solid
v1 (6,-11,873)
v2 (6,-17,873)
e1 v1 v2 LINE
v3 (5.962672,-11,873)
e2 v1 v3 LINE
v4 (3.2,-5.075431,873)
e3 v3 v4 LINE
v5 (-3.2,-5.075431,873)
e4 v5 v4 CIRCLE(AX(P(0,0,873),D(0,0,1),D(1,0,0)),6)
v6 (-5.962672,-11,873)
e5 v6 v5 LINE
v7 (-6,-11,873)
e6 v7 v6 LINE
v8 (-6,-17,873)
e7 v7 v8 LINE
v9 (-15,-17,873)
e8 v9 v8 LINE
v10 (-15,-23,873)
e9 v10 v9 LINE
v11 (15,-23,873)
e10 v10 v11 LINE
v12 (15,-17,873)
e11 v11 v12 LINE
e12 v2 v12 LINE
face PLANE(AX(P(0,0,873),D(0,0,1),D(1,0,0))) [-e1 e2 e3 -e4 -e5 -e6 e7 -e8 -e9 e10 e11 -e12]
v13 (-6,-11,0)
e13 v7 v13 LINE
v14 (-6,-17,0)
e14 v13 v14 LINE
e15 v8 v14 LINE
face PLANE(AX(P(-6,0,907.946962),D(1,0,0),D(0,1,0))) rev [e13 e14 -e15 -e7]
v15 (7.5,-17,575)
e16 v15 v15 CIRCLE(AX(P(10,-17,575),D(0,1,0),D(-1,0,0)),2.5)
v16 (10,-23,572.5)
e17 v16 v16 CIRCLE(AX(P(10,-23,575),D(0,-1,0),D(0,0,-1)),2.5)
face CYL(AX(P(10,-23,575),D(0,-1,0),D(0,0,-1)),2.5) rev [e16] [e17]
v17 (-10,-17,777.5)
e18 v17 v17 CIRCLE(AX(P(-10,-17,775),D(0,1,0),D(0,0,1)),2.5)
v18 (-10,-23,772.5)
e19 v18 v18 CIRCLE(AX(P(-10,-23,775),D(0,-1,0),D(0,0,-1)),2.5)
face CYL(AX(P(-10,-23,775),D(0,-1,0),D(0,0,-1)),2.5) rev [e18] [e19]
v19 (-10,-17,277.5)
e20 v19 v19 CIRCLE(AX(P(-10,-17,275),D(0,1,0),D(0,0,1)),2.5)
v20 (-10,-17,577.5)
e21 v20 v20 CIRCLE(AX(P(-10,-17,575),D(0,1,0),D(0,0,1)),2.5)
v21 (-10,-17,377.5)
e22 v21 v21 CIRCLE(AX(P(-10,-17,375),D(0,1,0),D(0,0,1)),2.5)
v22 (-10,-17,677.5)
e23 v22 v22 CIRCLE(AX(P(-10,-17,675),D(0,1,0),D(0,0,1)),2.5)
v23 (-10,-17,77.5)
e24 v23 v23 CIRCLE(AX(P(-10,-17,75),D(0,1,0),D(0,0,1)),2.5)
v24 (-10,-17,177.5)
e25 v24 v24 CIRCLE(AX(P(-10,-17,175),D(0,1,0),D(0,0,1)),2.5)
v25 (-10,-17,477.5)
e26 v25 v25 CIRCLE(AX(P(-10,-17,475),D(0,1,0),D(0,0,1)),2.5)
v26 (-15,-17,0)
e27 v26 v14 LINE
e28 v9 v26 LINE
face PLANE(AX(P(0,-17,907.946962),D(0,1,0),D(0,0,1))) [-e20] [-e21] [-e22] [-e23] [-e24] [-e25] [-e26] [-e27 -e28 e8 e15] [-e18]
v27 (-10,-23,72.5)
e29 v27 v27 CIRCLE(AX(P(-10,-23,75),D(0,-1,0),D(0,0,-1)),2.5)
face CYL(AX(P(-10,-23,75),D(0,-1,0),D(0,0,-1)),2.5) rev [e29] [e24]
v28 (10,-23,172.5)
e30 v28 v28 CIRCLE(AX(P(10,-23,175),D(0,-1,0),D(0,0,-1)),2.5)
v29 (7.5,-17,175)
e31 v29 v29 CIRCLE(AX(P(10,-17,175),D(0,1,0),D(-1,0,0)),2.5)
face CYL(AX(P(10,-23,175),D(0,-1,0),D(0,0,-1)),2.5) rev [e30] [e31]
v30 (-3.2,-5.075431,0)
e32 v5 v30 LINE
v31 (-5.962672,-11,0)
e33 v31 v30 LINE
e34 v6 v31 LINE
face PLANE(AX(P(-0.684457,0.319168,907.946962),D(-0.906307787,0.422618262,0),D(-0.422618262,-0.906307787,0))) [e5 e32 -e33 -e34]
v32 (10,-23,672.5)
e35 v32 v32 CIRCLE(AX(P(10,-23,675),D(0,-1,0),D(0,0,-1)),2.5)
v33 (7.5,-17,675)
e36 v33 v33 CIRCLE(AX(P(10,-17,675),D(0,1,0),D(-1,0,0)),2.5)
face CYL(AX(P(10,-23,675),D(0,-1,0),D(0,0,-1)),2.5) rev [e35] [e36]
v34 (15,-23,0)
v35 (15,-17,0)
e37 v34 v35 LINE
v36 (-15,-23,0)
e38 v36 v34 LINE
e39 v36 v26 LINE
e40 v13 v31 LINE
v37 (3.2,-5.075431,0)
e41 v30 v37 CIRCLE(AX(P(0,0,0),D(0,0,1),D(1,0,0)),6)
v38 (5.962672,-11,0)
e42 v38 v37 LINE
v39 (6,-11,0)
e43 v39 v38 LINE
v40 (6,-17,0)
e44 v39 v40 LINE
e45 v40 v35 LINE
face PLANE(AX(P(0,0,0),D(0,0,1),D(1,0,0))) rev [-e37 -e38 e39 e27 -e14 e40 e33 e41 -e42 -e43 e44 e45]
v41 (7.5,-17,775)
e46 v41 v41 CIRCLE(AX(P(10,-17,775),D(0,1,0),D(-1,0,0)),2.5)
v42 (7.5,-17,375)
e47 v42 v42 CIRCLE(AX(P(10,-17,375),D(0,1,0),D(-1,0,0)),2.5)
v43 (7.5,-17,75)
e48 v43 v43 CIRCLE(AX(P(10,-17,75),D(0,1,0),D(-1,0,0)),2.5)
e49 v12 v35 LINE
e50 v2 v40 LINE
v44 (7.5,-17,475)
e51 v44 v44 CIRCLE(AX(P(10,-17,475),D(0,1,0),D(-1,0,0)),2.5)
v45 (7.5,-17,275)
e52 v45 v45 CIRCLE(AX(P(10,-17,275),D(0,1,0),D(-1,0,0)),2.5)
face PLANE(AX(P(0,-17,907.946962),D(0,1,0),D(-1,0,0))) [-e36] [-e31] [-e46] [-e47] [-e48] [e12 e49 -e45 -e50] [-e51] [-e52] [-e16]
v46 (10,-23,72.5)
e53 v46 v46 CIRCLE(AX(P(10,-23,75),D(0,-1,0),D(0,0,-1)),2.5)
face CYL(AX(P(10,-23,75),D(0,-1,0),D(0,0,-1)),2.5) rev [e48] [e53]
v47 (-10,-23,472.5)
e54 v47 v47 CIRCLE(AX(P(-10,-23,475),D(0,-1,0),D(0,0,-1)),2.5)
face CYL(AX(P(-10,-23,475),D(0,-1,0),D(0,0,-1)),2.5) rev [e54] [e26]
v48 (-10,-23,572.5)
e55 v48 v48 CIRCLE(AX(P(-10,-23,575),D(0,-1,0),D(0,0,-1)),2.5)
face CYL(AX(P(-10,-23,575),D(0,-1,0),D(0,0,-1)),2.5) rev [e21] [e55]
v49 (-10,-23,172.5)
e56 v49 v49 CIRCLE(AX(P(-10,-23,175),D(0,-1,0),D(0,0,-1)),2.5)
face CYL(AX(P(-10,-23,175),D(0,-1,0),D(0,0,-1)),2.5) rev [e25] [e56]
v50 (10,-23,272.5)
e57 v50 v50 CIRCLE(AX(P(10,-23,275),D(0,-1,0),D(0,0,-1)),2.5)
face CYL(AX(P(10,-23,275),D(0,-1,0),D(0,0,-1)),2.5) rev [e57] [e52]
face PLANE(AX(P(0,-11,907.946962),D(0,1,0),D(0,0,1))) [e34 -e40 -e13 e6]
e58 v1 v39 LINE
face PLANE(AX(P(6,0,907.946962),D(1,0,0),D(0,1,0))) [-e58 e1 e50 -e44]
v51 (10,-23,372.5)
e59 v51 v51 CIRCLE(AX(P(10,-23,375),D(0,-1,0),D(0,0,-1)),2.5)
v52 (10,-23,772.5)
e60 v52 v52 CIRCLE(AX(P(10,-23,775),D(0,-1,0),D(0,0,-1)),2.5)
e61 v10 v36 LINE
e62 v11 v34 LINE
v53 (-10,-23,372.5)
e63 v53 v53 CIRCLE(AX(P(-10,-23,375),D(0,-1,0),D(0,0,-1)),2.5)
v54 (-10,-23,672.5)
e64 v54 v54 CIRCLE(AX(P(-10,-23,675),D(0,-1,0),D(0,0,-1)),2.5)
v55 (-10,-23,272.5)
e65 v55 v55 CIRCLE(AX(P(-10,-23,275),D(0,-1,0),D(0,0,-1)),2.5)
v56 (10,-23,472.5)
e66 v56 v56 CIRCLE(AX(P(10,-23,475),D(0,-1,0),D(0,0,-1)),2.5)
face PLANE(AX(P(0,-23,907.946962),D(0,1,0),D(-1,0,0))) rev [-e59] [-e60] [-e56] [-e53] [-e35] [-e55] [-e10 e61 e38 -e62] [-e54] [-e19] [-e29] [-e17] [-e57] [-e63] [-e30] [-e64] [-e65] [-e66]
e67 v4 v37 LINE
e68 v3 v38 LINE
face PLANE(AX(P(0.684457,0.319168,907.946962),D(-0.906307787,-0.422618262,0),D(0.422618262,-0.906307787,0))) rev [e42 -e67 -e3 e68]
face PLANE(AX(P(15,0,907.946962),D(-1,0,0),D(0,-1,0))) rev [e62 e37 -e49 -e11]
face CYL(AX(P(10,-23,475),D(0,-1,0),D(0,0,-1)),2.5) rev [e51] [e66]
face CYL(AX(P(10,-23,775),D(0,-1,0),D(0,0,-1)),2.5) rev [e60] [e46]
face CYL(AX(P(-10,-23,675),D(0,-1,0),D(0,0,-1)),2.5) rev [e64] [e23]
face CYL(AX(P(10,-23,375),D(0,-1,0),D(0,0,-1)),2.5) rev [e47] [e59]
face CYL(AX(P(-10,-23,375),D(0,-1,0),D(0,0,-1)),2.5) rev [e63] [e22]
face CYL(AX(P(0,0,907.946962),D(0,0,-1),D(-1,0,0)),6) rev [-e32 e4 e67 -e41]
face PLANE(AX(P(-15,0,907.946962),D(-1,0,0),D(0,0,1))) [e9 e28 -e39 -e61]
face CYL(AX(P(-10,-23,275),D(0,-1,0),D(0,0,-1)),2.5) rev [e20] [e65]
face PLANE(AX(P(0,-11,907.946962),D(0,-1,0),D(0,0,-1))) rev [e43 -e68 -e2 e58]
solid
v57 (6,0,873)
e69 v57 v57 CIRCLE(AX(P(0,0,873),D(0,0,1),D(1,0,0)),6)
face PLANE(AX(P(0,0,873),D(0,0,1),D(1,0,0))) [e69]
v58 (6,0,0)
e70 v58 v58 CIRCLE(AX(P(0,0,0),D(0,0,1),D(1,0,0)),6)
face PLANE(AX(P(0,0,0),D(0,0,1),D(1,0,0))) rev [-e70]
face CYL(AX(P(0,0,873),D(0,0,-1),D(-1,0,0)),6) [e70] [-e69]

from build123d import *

# Parameters (mm, degrees)
SBS_PROFILE_R             = 6
STEELRAIL_DEPTH           = 873
ALUMINUMSUPPORT_DEPTH     = 873
HOLEDIA_W                 = 2.5
HOLEDIA_H                 = 6.001
MOUNTHOLES_AT_2_COUNT     = 2
MOUNTHOLES_AT_2_PITCH     = 20
LPATTERN1_COUNT           = 8
LPATTERN1_PITCH           = 100
LPATTERN1_COPY_1_SKETCH_W = 2.5
LPATTERN1_COPY_1_SKETCH_H = 6.001
LPATTERN1_COPY_2_SKETCH_W = 2.5
LPATTERN1_COPY_2_SKETCH_H = 6.001
LPATTERN1_COPY_3_SKETCH_W = 2.5
LPATTERN1_COPY_3_SKETCH_H = 6.001
LPATTERN1_COPY_4_SKETCH_W = 2.5
LPATTERN1_COPY_4_SKETCH_H = 6.001
LPATTERN1_COPY_5_SKETCH_W = 2.5
LPATTERN1_COPY_5_SKETCH_H = 6.001
LPATTERN1_COPY_6_SKETCH_W = 2.5
LPATTERN1_COPY_6_SKETCH_H = 6.001
LPATTERN1_COPY_7_SKETCH_W = 2.5
LPATTERN1_COPY_7_SKETCH_H = 6.001


with BuildPart() as part:
    # SBS-Profile → SteelRail (new body)
    with BuildSketch(Plane.XY):
        Circle(SBS_PROFILE_R)
    extrude(amount=STEELRAIL_DEPTH)


with BuildPart() as body_2:
    # SBS-Profile<3> → AluminumSupport (new body)
    with BuildSketch(Plane.XY):
        with BuildLine():
            Line((-15, -17), (-15, -23))
            Line((-15, -23), (15, -23))
            Line((15, -23), (15, -17))
            Line((15, -17), (6, -17))
            Line((6, -17), (6, -11))
            Line((6, -11), (5.962671888, -11))
            Line((5.962671888, -11), (3.2, -5.075431016))
            ThreePointArc((3.2, -5.075431016), (0, -6), (-3.2, -5.075431016))
            Line((-3.2, -5.075431016), (-5.962671888, -11))
            Line((-5.962671888, -11), (-6, -11))
            Line((-6, -11), (-6, -17))
            Line((-6, -17), (-15, -17))
        make_face()
    extrude(amount=ALUMINUMSUPPORT_DEPTH)

    # HoleDia → MountHoles (revolve, cut)
    with BuildSketch(Plane(origin=(10, -23, 75), x_dir=(0, 0, -1), z_dir=(1, 0, 0))):
        with Locations((1.25, 3.0005)):
            Rectangle(HOLEDIA_W, HOLEDIA_H)
    mountholes = revolve(axis=Axis((10, -29.35, 75), (0, 1, 0)), mode=Mode.SUBTRACT)

    # MountHoles at 2: MountHoles ×2
    with Locations(*[(-i * MOUNTHOLES_AT_2_PITCH, 0, 0) for i in range(1, MOUNTHOLES_AT_2_COUNT)]):
        add(mountholes, mode=Mode.SUBTRACT)

    # LPattern1: MountHoles ×8
    with Locations(*[(0, 0, i * LPATTERN1_PITCH) for i in range(1, LPATTERN1_COUNT)]):
        add(mountholes, mode=Mode.SUBTRACT)

    # LPattern1 copy 1 sketch → LPattern1 copy 1 (revolve, cut)
    with BuildSketch(Plane(origin=(-10, -23, 175), x_dir=(0, 0, -1), z_dir=(1, 0, 0))):
        with Locations((1.25, 3.0005)):
            Rectangle(LPATTERN1_COPY_1_SKETCH_W, LPATTERN1_COPY_1_SKETCH_H)
    revolve(axis=Axis((-10, -29.35, 175), (0, 1, 0)), mode=Mode.SUBTRACT)

    # LPattern1 copy 2 sketch → LPattern1 copy 2 (revolve, cut)
    with BuildSketch(Plane(origin=(-10, -23, 275), x_dir=(0, 0, -1), z_dir=(1, 0, 0))):
        with Locations((1.25, 3.0005)):
            Rectangle(LPATTERN1_COPY_2_SKETCH_W, LPATTERN1_COPY_2_SKETCH_H)
    revolve(axis=Axis((-10, -29.35, 275), (0, 1, 0)), mode=Mode.SUBTRACT)

    # LPattern1 copy 3 sketch → LPattern1 copy 3 (revolve, cut)
    with BuildSketch(Plane(origin=(-10, -23, 375), x_dir=(0, 0, -1), z_dir=(1, 0, 0))):
        with Locations((1.25, 3.0005)):
            Rectangle(LPATTERN1_COPY_3_SKETCH_W, LPATTERN1_COPY_3_SKETCH_H)
    revolve(axis=Axis((-10, -29.35, 375), (0, 1, 0)), mode=Mode.SUBTRACT)

    # LPattern1 copy 4 sketch → LPattern1 copy 4 (revolve, cut)
    with BuildSketch(Plane(origin=(-10, -23, 475), x_dir=(0, 0, -1), z_dir=(1, 0, 0))):
        with Locations((1.25, 3.0005)):
            Rectangle(LPATTERN1_COPY_4_SKETCH_W, LPATTERN1_COPY_4_SKETCH_H)
    revolve(axis=Axis((-10, -29.35, 475), (0, 1, 0)), mode=Mode.SUBTRACT)

    # LPattern1 copy 5 sketch → LPattern1 copy 5 (revolve, cut)
    with BuildSketch(Plane(origin=(-10, -23, 575), x_dir=(0, 0, -1), z_dir=(1, 0, 0))):
        with Locations((1.25, 3.0005)):
            Rectangle(LPATTERN1_COPY_5_SKETCH_W, LPATTERN1_COPY_5_SKETCH_H)
    revolve(axis=Axis((-10, -29.35, 575), (0, 1, 0)), mode=Mode.SUBTRACT)

    # LPattern1 copy 6 sketch → LPattern1 copy 6 (revolve, cut)
    with BuildSketch(Plane(origin=(-10, -23, 675), x_dir=(0, 0, -1), z_dir=(1, 0, 0))):
        with Locations((1.25, 3.0005)):
            Rectangle(LPATTERN1_COPY_6_SKETCH_W, LPATTERN1_COPY_6_SKETCH_H)
    revolve(axis=Axis((-10, -29.35, 675), (0, 1, 0)), mode=Mode.SUBTRACT)

    # LPattern1 copy 7 sketch → LPattern1 copy 7 (revolve, cut)
    with BuildSketch(Plane(origin=(-10, -23, 775), x_dir=(0, 0, -1), z_dir=(1, 0, 0))):
        with Locations((1.25, 3.0005)):
            Rectangle(LPATTERN1_COPY_7_SKETCH_W, LPATTERN1_COPY_7_SKETCH_H)
    revolve(axis=Axis((-10, -29.35, 775), (0, 1, 0)), mode=Mode.SUBTRACT)


solid = Compound([part.part, body_2.part])
